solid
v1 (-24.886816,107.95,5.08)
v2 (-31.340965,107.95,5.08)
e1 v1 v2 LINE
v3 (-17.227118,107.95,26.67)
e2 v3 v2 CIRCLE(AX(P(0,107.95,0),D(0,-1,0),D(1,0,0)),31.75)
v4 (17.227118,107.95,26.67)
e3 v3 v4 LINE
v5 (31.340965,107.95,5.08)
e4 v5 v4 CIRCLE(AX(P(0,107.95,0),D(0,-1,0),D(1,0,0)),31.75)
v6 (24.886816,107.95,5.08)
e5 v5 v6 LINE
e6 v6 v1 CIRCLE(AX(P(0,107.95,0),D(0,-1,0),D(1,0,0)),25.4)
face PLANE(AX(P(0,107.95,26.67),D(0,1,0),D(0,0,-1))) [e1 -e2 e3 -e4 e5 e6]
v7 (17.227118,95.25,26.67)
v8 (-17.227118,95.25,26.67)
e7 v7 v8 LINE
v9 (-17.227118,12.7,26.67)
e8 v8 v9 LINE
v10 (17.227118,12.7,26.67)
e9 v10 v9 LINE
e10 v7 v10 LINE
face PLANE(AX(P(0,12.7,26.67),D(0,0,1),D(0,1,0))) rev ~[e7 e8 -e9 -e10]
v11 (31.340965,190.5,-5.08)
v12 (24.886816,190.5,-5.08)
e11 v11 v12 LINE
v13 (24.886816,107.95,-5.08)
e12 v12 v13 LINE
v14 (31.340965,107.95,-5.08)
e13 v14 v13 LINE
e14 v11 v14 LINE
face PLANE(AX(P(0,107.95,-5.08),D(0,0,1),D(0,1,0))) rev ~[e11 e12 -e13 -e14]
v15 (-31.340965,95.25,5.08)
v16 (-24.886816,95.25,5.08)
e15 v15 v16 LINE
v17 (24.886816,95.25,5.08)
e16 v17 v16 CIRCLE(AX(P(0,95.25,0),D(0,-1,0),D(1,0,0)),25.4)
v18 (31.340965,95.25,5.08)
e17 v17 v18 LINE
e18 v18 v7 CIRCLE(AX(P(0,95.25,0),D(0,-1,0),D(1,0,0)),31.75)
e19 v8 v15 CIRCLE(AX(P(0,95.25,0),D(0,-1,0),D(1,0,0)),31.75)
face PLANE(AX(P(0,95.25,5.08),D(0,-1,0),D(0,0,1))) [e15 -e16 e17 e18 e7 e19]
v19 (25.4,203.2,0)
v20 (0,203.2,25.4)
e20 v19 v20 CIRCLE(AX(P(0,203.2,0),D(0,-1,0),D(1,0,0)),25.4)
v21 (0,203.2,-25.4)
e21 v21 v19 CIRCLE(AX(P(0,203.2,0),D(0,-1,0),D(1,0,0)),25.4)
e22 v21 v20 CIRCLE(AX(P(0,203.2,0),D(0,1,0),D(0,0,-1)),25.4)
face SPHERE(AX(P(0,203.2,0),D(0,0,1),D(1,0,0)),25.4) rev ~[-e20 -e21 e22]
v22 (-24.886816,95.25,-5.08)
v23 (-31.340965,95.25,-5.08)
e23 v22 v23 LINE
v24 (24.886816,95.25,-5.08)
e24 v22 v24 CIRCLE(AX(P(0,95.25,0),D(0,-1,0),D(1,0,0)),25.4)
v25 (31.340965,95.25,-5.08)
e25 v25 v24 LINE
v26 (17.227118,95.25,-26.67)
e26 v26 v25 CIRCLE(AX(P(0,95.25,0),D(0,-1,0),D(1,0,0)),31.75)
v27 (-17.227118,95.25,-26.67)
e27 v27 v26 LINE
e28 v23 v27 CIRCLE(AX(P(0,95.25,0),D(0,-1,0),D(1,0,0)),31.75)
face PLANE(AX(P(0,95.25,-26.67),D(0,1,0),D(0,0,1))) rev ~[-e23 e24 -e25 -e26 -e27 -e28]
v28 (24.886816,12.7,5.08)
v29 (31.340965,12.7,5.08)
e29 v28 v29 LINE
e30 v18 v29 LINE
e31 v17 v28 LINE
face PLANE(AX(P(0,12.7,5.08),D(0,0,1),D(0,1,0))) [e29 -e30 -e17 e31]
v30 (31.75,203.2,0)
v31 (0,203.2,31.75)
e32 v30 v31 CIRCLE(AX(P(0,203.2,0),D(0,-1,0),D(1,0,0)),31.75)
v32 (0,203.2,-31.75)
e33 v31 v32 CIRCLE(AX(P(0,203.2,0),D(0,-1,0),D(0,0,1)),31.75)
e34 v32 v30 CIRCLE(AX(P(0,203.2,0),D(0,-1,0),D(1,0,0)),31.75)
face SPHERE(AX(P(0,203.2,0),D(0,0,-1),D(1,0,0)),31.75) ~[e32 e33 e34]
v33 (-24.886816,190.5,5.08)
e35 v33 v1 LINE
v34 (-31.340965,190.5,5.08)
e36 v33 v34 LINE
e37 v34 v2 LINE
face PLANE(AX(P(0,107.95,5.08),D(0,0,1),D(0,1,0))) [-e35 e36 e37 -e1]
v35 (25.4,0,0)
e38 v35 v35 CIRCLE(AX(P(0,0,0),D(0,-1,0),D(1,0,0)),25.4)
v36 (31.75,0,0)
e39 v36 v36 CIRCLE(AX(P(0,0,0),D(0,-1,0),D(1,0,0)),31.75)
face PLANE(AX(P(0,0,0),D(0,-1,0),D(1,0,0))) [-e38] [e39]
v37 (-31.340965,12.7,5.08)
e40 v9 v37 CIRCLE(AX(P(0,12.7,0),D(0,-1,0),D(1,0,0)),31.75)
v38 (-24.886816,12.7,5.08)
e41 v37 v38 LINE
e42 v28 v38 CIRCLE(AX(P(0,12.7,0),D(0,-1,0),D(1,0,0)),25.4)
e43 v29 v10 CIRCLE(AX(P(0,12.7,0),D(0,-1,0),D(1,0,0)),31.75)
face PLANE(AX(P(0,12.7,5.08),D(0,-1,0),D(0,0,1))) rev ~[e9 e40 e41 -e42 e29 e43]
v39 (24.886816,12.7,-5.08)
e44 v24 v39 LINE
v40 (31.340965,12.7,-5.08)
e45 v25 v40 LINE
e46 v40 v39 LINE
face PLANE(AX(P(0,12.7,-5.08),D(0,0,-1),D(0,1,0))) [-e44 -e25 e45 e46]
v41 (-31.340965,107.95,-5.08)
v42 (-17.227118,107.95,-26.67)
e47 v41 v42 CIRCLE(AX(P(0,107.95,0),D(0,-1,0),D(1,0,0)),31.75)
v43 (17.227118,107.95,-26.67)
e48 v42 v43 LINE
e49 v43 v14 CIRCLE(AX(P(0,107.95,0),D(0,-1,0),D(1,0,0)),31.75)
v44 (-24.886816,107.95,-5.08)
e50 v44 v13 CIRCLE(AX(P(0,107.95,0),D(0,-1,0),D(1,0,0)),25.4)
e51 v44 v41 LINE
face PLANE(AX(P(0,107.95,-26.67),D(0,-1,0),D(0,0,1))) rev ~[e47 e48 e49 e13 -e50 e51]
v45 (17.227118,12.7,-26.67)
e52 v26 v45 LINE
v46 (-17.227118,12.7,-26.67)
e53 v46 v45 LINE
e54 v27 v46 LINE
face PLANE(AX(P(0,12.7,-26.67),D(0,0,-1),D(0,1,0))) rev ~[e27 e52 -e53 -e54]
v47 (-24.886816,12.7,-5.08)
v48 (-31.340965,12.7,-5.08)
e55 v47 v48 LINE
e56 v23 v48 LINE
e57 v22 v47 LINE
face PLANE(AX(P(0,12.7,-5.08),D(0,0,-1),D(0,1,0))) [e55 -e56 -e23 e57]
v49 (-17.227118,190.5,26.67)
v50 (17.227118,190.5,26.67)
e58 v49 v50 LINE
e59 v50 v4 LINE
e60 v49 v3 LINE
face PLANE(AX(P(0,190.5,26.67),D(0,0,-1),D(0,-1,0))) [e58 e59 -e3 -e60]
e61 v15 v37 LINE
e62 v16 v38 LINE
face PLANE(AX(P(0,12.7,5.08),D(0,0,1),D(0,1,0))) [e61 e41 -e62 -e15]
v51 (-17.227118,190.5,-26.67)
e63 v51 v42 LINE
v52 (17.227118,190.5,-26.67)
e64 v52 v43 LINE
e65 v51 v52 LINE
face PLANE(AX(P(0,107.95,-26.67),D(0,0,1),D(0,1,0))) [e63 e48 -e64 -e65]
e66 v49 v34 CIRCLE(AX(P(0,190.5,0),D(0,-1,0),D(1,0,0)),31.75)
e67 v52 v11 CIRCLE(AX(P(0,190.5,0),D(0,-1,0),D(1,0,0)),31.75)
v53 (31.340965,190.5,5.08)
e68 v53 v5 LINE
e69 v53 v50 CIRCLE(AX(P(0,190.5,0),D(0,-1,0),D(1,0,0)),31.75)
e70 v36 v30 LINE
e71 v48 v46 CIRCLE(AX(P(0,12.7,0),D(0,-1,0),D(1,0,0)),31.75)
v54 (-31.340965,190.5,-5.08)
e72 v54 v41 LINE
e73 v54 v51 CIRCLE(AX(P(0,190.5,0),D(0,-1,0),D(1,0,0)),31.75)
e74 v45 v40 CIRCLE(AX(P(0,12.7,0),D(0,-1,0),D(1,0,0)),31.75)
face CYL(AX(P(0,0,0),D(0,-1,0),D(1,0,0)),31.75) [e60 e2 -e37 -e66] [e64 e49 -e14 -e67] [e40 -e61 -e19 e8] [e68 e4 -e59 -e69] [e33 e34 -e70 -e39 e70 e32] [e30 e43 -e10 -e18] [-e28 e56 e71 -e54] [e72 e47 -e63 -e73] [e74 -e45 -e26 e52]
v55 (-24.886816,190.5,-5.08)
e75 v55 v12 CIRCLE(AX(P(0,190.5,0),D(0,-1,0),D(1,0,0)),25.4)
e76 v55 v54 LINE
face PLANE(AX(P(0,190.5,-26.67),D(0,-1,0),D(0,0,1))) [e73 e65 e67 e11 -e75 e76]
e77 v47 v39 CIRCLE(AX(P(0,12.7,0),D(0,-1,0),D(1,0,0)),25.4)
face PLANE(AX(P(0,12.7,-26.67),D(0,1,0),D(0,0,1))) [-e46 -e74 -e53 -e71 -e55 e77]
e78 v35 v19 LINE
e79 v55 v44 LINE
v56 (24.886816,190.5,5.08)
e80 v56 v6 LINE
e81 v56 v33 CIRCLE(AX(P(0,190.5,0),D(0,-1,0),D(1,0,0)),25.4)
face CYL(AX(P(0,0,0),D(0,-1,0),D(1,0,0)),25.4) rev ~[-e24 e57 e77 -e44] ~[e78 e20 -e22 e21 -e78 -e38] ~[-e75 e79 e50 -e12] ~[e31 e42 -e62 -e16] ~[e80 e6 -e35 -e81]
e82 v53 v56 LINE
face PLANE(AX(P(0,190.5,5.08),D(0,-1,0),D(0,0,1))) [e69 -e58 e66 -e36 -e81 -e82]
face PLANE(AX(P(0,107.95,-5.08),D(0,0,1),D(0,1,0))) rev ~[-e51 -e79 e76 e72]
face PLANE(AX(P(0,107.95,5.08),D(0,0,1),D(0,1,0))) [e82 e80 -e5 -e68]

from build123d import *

# Parameters (mm, degrees)
F0_R     = 31.75
F0_R_2   = 25.4
F1_DEPTH = 203.2
F3_ANGLE = -180
F4_W     = 82.55
F4_H     = 21.59
F5_DEPTH = 63.5


with BuildPart() as f1:
    # F0 (on Front) → F1 (new body)
    with BuildSketch(Plane.XZ):
        Circle(F0_R)
        Circle(F0_R_2, mode=Mode.SUBTRACT)
    extrude(amount=-F1_DEPTH)

    # F2 (on face) → F3 (revolve)
    with BuildSketch(Plane(origin=(0, 203.2, 0), x_dir=(-1, 0, 0), z_dir=(0, 1, 0))):
        with BuildLine():
            Line((0, 25.4), (0, 31.75))
            ThreePointArc((0, 31.75), (-31.75, 0), (0, -31.75))
            Line((0, -31.75), (0, -25.4))
            ThreePointArc((0, -25.4), (-25.4, 0), (0, 25.4))
        make_face()
    revolve(axis=Axis((0, 203.2, 0), (0, 0, -1)), revolution_arc=F3_ANGLE)

    # F4 (on Right) → F5 (cut, symmetric)
    with BuildSketch(Plane.YZ):
        Polygon((190.5, 5.08), (190.5, 26.67), (133.185655, 26.67), (120.587125, 26.67), (107.95, 26.67), (107.95, 5.08), (120.587125, 5.08), (133.287125, 5.08), align=None)
        with Locations((149.225, -15.875)):
            Rectangle(F4_W, F4_H)
        with Locations((53.975, 15.875)):
            Rectangle(F4_W, F4_H)
        with Locations((53.975, -15.875)):
            Rectangle(F4_W, F4_H)
    extrude(amount=F5_DEPTH, both=True, mode=Mode.SUBTRACT)


solid = f1.part
